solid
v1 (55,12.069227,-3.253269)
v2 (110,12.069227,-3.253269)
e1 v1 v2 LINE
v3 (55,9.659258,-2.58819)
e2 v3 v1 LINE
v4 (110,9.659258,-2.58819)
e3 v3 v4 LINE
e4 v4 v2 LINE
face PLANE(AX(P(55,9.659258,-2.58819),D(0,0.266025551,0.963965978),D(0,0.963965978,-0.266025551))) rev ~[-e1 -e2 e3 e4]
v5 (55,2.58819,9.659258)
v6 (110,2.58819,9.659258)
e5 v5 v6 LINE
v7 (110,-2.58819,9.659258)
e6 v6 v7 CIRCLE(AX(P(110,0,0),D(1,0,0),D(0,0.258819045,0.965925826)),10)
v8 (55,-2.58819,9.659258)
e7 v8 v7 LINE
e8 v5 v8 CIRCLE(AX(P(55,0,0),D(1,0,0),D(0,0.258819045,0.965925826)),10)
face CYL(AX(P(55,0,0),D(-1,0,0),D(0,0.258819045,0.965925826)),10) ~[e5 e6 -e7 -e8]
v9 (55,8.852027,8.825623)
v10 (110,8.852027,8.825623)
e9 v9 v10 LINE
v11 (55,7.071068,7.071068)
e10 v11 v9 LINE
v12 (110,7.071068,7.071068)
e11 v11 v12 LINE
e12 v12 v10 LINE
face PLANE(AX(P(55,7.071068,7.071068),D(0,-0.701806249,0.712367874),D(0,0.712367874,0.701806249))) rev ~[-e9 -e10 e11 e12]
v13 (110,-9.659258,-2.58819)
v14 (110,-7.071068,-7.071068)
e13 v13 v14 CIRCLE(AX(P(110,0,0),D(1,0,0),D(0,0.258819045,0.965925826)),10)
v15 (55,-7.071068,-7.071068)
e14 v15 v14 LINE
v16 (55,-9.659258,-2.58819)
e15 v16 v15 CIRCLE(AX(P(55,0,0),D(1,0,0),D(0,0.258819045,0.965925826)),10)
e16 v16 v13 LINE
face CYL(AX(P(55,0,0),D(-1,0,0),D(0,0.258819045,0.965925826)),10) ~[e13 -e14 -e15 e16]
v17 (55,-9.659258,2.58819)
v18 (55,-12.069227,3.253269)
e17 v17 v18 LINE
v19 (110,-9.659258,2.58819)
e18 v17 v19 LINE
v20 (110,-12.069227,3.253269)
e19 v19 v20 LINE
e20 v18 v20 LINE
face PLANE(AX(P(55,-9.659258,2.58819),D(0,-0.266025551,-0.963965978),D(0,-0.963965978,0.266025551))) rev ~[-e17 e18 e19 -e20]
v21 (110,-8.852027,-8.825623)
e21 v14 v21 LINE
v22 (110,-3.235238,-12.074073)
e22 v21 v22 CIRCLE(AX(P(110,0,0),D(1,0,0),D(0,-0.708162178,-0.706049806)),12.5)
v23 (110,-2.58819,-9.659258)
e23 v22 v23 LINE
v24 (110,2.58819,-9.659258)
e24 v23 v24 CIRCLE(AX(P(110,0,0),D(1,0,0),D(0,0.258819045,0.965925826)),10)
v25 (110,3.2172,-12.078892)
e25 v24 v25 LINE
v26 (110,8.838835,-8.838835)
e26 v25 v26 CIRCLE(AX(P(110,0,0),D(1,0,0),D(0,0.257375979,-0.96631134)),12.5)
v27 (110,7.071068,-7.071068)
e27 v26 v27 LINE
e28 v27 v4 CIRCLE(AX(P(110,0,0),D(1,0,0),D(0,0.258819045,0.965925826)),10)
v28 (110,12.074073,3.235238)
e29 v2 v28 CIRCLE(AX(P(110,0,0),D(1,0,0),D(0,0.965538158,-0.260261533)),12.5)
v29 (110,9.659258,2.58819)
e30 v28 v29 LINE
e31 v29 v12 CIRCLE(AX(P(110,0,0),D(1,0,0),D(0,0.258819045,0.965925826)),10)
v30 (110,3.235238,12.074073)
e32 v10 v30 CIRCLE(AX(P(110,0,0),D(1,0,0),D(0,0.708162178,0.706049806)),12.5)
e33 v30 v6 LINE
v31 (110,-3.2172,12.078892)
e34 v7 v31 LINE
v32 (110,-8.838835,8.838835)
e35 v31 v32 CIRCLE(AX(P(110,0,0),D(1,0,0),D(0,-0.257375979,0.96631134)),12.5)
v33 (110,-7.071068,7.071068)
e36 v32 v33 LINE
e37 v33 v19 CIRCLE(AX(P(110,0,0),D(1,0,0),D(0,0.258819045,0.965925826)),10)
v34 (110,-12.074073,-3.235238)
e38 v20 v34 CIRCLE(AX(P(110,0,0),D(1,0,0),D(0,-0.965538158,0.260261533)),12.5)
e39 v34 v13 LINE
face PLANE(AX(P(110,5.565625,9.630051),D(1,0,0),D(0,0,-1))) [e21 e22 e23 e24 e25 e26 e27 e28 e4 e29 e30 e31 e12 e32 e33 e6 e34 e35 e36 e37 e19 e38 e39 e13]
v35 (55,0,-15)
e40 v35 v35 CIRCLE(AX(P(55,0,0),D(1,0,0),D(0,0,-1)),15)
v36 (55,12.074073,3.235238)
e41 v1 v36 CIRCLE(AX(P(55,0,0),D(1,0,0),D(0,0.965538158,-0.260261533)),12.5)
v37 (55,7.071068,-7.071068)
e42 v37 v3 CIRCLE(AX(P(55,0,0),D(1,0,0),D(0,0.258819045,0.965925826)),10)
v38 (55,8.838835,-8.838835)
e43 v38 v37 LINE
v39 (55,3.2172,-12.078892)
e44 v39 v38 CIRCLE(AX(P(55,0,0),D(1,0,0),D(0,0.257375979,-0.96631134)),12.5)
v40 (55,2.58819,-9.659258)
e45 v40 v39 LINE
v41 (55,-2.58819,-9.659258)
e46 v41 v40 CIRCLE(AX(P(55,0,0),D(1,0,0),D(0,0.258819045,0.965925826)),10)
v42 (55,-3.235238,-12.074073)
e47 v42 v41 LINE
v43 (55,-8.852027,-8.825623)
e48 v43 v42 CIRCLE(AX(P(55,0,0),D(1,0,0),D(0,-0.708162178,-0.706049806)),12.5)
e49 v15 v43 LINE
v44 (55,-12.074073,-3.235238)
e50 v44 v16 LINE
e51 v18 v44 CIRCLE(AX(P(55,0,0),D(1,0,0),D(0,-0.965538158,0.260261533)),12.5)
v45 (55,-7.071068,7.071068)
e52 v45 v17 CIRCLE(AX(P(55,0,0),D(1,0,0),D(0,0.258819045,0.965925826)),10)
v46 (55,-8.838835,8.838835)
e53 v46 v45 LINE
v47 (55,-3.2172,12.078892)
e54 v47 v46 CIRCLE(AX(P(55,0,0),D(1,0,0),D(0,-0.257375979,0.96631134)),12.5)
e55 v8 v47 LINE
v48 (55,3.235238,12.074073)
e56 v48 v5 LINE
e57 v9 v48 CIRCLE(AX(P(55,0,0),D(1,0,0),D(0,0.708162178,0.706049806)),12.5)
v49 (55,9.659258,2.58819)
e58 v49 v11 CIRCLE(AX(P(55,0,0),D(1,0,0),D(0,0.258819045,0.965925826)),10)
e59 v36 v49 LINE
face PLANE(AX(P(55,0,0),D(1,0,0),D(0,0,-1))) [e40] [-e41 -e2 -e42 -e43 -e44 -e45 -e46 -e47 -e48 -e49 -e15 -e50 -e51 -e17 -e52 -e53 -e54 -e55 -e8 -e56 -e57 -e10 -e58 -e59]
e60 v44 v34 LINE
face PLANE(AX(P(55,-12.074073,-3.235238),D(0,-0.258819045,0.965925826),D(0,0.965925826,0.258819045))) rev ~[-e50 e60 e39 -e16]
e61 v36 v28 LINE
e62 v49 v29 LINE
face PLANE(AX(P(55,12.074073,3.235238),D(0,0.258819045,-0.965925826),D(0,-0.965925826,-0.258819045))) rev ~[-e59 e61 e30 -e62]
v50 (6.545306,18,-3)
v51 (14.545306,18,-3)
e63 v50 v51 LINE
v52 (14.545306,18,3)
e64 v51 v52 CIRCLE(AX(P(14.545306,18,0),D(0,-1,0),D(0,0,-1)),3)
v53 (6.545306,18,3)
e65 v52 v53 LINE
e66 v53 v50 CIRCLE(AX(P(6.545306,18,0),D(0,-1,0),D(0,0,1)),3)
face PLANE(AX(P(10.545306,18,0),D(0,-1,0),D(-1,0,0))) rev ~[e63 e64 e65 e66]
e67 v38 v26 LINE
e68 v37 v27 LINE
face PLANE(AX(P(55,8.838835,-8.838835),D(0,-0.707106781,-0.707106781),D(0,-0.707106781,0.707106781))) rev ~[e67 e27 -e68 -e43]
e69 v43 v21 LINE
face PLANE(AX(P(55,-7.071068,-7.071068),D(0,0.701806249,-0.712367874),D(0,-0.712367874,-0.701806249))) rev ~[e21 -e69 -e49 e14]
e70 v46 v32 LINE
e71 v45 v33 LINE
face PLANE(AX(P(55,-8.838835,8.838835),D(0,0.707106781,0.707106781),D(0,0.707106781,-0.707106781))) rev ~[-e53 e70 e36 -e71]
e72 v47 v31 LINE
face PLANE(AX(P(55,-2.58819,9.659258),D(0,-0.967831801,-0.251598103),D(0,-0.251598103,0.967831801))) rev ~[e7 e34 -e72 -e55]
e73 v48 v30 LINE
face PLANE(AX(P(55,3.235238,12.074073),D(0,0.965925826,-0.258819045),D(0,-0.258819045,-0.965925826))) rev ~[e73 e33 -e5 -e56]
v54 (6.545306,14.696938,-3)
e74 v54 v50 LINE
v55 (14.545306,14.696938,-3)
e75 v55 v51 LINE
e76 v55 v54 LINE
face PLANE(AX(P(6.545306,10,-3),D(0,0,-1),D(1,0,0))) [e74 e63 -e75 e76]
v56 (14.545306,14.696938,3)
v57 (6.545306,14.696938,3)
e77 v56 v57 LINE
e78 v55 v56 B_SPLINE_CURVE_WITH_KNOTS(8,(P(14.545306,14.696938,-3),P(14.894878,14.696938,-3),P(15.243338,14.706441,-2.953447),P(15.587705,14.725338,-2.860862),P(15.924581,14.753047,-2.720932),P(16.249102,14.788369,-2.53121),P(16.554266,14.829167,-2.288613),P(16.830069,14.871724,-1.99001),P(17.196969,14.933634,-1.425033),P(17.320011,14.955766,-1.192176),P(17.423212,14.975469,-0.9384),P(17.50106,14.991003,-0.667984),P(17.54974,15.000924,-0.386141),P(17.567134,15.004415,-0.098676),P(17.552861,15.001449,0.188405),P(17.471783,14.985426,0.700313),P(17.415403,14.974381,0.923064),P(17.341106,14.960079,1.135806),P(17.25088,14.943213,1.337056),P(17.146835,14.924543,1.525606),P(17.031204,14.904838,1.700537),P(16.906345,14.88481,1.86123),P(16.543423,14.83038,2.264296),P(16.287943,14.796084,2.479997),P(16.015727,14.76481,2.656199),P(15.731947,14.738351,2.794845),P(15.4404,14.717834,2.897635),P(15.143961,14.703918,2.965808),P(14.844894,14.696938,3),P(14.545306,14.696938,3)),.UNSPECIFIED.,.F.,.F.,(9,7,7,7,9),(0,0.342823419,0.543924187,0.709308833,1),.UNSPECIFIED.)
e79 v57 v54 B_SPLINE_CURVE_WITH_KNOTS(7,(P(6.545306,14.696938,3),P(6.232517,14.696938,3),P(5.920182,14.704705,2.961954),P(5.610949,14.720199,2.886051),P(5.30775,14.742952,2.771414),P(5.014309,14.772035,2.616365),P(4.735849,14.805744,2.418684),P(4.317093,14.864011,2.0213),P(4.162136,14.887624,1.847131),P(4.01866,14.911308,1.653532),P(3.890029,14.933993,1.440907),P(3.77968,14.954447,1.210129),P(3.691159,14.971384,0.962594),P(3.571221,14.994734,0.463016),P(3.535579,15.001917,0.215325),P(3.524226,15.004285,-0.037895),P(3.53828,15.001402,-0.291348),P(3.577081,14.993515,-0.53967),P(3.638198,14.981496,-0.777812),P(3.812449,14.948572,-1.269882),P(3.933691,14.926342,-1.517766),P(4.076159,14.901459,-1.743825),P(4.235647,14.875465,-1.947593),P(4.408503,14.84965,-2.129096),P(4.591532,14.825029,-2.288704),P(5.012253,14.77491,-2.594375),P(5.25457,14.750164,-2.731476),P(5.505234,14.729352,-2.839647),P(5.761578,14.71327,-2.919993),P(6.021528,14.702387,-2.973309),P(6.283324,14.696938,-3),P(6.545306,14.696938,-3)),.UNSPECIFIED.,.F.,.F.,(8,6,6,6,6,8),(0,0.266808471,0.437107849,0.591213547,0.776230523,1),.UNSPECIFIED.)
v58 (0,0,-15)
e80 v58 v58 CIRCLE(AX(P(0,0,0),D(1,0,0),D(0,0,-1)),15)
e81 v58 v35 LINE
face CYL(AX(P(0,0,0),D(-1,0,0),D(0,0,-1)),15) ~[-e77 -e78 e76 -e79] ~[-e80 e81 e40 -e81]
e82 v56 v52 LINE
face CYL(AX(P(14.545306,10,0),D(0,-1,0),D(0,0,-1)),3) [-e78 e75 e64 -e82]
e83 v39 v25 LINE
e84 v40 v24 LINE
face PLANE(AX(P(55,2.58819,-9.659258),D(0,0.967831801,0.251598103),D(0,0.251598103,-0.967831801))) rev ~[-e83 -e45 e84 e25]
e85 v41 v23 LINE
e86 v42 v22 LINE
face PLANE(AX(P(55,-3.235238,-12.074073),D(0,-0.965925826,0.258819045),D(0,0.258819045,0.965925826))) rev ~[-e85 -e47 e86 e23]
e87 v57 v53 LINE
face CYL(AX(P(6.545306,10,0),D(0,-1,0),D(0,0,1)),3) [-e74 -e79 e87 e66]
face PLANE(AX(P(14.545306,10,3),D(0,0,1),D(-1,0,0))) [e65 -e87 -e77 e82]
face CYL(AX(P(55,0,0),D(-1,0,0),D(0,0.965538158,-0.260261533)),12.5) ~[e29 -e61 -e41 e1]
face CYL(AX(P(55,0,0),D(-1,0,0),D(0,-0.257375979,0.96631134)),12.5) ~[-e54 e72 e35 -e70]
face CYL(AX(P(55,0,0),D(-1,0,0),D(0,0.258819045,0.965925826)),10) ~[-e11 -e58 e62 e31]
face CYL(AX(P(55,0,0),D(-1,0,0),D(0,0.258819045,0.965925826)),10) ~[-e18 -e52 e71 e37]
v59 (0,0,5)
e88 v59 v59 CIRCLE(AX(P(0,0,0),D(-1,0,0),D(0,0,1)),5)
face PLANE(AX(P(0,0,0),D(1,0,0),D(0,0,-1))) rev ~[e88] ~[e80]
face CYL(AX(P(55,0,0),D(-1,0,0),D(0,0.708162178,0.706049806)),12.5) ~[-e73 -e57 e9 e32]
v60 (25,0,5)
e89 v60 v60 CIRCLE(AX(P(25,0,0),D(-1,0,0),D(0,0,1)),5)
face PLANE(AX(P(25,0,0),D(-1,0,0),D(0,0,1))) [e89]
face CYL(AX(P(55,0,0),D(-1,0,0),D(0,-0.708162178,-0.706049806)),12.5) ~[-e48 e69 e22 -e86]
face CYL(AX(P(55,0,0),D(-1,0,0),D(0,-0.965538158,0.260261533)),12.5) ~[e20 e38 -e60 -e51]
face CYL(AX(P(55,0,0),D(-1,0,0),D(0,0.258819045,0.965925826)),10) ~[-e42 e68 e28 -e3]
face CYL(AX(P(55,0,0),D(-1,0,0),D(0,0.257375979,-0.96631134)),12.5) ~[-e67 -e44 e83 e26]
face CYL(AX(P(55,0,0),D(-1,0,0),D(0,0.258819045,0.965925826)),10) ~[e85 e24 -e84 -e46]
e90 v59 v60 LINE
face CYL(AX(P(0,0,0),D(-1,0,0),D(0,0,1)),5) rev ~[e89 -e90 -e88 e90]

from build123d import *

# Parameters (mm, degrees)
SKETCH_1_R          = 15
EXTRUDE_1_DEPTH     = 55
SKETCH_2_R          = 10
EXTRUDE_2_DEPTH     = 55
SKETCH_3_R          = 5
CUT_EXTRUDE_1_DEPTH = 25
EXTRUDE_START       = 10
EXTRUDE_3_DEPTH     = 8


with BuildPart() as part:
    # 草图1 → 凸台-拉伸1 (new body)
    with BuildSketch(Plane(origin=(0, 0, 0), x_dir=(0, 0, -1), z_dir=(1, 0, 0))):
        Circle(SKETCH_1_R)
    extrude(amount=EXTRUDE_1_DEPTH)

    # 草图2 → 凸台-拉伸2 (add)
    with BuildSketch(Plane(origin=(55, 0, 0), x_dir=(0, 0, -1), z_dir=(1, 0, 0))):
        with BuildLine():
            ThreePointArc((-9.659258263, 2.588190451), (-8.660254038, 5), (-7.071067812, 7.071067812))
            Line((-7.071067812, 7.071067812), (-8.825622579, 8.852027231))
            ThreePointArc((-8.825622579, 8.852027231), (-10.8206468, 6.258083), (-12.074072829, 3.235238064))
            Line((-12.074072829, 3.235238064), (-9.659258263, 2.588190451))
        make_face()
        Circle(SKETCH_2_R)
        with BuildLine():
            ThreePointArc((3.253269167, 12.069226973), (0.009335457, 12.499996514), (-3.235238064, 12.074072829))
            Line((-3.235238064, 12.074072829), (-2.588190451, 9.659258263))
            ThreePointArc((-2.588190451, 9.659258263), (0, 10), (2.588190451, 9.659258263))
            Line((2.588190451, 9.659258263), (3.253269167, 12.069226973))
        make_face()
        with BuildLine():
            Line((8.838834765, 8.838834765), (7.071067812, 7.071067812))
            ThreePointArc((7.071067812, 7.071067812), (8.660254038, 5), (9.659258263, 2.588190451))
            Line((9.659258263, 2.588190451), (12.078891746, 3.217199742))
            ThreePointArc((12.078891746, 3.217199742), (10.829982257, 6.241913514), (8.838834765, 8.838834765))
        make_face()
        with BuildLine():
            Line((12.074072829, -3.235238064), (9.659258263, -2.588190451))
            ThreePointArc((9.659258263, -2.588190451), (8.660254038, -5), (7.071067812, -7.071067812))
            Line((7.071067812, -7.071067812), (8.825622579, -8.852027231))
            ThreePointArc((8.825622579, -8.852027231), (10.8206468, -6.258083), (12.074072829, -3.235238064))
        make_face()
        with BuildLine():
            ThreePointArc((2.588190451, -9.659258263), (0, -10), (-2.588190451, -9.659258263))
            Line((-2.588190451, -9.659258263), (-3.253269167, -12.069226973))
            ThreePointArc((-3.253269167, -12.069226973), (-0.009335457, -12.499996514), (3.235238064, -12.074072829))
            Line((3.235238064, -12.074072829), (2.588190451, -9.659258263))
        make_face()
        with BuildLine():
            ThreePointArc((-7.071067812, -7.071067812), (-8.660254038, -5), (-9.659258263, -2.588190451))
            Line((-9.659258263, -2.588190451), (-12.078891746, -3.217199742))
            ThreePointArc((-12.078891746, -3.217199742), (-10.829982257, -6.241913514), (-8.838834765, -8.838834765))
            Line((-8.838834765, -8.838834765), (-7.071067812, -7.071067812))
        make_face()
    extrude(amount=EXTRUDE_2_DEPTH)

    # 草图3 → 切除-拉伸1 (cut)
    with BuildSketch(Plane.ZY):
        Circle(SKETCH_3_R)
    extrude(amount=-CUT_EXTRUDE_1_DEPTH, mode=Mode.SUBTRACT)

    # 草图4 → 凸台-拉伸3 (add)
    with BuildSketch(Plane(origin=(0, 0, 0), x_dir=(1, 0, 0), z_dir=(0, 1, 0)).offset(EXTRUDE_START)):
        with BuildLine():
            Line((6.545306006, 3), (14.545306006, 3))
            ThreePointArc((14.545306006, 3), (17.545306006, 0), (14.545306006, -3))
            Line((14.545306006, -3), (6.545306006, -3))
            ThreePointArc((6.545306006, -3), (3.545306006, 0), (6.545306006, 3))
        make_face()
    extrude(amount=EXTRUDE_3_DEPTH)


solid = part.part
